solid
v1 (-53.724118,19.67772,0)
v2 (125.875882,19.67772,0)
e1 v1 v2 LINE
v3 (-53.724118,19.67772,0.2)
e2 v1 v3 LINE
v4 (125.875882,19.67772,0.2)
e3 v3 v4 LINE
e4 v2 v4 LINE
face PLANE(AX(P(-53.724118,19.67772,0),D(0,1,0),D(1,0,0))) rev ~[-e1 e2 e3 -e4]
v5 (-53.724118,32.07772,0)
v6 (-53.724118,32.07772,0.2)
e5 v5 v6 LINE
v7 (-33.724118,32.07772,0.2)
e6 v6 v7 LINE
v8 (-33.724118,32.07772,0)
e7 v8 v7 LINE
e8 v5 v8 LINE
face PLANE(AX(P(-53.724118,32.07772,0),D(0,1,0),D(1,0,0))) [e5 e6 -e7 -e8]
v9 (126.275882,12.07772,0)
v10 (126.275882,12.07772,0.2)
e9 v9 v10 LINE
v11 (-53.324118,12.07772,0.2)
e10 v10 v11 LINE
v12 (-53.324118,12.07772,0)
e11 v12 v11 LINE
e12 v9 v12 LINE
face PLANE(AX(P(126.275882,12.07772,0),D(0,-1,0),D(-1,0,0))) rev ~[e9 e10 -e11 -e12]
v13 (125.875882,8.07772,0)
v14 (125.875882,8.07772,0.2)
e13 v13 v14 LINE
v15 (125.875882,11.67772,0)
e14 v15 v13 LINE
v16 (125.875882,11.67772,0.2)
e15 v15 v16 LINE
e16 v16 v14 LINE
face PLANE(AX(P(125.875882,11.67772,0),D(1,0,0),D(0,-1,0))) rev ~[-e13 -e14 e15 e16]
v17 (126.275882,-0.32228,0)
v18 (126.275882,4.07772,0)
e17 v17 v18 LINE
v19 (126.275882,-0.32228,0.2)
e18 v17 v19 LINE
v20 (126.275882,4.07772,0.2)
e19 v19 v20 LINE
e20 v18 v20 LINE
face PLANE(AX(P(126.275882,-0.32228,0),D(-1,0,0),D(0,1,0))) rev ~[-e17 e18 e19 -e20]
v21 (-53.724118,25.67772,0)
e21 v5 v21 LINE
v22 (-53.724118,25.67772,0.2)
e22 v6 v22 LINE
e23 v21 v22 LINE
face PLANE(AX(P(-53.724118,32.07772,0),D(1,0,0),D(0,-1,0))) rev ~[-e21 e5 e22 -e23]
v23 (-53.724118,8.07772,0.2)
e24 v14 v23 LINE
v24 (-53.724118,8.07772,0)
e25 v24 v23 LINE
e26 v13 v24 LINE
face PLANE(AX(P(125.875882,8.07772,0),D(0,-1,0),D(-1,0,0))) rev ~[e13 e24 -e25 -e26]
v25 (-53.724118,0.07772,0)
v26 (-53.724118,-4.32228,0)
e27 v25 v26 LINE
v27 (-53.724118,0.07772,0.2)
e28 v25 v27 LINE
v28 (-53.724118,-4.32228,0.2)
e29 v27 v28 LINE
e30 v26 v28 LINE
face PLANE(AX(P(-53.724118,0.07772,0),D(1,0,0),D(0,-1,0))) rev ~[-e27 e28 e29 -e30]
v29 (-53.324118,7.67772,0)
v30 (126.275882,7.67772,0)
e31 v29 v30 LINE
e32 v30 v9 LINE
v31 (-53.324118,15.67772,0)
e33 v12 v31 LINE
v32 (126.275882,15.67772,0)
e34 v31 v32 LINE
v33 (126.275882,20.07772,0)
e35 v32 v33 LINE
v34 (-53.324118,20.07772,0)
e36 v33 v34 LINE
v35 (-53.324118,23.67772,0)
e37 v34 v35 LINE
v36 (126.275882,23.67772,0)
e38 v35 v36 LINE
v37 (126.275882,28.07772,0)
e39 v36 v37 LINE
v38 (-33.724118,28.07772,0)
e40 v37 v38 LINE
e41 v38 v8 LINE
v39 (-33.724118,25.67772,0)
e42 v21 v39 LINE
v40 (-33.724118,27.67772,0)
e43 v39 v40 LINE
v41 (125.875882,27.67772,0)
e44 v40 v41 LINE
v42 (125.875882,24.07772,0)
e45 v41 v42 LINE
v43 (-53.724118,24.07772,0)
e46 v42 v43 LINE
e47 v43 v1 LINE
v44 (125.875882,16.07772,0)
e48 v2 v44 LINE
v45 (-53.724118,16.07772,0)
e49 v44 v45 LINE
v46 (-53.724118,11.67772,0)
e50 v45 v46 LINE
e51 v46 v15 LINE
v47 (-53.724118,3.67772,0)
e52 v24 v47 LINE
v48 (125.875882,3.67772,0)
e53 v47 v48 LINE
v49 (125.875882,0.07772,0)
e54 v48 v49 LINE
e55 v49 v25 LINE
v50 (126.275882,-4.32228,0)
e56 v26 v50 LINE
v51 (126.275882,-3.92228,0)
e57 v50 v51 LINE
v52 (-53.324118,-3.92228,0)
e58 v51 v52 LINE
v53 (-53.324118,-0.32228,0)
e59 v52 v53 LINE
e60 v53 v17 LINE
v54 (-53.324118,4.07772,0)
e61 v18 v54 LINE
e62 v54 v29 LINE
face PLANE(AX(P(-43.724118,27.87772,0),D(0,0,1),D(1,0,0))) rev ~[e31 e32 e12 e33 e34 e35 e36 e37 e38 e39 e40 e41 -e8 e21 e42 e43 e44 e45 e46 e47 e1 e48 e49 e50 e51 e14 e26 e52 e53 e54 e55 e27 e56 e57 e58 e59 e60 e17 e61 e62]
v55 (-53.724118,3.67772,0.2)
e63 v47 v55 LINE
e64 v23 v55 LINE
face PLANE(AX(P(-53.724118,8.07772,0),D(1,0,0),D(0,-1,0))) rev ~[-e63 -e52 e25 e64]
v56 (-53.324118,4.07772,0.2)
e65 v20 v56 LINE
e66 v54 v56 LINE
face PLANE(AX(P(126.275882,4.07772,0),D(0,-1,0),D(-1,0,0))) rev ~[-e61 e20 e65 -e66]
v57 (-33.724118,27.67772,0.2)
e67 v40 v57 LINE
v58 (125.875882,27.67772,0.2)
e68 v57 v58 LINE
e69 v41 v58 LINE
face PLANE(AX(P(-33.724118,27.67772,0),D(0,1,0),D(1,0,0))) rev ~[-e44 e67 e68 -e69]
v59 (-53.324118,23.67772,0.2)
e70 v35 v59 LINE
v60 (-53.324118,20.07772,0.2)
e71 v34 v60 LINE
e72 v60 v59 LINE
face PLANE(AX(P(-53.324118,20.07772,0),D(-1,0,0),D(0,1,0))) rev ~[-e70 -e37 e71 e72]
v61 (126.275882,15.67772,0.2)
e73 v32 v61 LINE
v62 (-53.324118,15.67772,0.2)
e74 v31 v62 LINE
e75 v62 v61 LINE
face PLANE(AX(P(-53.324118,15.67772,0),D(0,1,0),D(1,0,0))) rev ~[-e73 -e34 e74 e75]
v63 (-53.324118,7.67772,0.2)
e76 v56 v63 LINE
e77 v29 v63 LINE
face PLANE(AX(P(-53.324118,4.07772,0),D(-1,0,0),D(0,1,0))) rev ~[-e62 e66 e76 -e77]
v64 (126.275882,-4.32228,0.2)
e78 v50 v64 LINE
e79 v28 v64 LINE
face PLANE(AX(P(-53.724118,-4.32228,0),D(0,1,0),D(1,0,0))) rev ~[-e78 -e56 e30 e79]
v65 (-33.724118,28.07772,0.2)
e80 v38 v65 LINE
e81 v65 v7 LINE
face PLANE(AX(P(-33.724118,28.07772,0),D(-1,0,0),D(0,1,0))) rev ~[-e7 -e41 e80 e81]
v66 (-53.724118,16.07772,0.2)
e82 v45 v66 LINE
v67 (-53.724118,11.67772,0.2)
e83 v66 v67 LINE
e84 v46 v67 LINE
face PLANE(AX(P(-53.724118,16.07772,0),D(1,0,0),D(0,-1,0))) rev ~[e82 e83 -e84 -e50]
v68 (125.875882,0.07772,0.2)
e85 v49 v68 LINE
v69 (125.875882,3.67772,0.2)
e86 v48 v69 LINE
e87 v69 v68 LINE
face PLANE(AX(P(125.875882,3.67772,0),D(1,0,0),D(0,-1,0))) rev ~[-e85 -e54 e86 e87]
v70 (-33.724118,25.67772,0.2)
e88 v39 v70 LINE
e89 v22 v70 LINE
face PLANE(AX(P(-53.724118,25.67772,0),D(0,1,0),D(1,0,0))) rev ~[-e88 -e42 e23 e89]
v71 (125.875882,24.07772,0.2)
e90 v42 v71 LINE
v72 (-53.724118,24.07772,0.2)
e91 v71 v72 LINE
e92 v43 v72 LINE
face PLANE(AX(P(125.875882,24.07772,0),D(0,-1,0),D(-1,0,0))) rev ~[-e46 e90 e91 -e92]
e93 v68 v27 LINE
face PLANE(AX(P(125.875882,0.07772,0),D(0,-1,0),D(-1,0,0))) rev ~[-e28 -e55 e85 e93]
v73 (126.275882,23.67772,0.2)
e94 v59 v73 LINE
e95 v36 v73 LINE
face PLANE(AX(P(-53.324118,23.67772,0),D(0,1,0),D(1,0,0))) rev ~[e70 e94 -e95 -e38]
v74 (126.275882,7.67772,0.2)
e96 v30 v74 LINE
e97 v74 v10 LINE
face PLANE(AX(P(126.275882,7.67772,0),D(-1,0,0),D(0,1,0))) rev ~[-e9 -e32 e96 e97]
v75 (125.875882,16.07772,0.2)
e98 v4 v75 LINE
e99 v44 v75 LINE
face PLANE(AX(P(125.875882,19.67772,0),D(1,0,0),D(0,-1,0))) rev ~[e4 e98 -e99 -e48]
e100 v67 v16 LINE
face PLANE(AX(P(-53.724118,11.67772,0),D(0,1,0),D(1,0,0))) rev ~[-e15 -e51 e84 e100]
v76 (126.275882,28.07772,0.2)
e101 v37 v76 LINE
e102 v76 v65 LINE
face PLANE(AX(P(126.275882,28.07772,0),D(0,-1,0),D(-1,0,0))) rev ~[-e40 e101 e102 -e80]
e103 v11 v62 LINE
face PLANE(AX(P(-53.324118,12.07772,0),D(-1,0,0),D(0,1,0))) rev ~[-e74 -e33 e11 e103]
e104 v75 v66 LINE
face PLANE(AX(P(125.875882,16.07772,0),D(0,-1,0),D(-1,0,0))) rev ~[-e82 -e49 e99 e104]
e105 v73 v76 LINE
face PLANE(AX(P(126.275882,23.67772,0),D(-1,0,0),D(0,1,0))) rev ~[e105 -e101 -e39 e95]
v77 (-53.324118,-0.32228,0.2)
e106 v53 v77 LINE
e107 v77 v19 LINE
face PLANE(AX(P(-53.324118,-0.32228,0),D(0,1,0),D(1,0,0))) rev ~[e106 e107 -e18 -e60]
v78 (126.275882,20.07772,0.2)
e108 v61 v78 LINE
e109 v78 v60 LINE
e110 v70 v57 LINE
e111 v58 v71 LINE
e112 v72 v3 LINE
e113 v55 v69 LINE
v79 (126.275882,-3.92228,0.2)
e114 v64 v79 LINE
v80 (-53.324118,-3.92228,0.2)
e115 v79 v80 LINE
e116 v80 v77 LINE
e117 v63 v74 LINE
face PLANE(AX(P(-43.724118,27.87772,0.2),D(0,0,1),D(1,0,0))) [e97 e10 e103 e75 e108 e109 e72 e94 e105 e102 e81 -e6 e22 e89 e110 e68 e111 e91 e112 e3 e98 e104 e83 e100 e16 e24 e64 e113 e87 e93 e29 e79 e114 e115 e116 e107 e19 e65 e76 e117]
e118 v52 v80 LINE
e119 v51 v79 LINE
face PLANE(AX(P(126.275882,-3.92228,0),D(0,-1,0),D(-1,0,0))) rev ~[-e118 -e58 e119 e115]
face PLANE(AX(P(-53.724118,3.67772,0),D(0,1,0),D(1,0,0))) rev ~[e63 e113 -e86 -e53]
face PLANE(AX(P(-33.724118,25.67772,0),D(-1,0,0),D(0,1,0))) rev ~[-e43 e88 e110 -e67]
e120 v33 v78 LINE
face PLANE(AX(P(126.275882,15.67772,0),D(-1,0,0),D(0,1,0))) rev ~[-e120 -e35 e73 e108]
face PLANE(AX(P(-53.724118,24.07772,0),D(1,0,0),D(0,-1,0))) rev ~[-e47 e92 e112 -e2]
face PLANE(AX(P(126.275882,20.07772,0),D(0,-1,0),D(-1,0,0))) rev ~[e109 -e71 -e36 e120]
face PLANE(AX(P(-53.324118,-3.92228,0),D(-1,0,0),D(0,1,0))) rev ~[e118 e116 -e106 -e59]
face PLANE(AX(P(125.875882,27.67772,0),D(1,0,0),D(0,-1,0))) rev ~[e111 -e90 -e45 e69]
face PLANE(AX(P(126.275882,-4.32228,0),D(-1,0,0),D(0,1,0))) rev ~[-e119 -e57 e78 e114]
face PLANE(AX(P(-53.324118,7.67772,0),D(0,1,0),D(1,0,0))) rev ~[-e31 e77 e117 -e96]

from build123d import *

# Parameters (mm, degrees)
F0_W     = 20
F0_H     = 0.4
F0_H_2   = 2
F0_H_3   = 4
F1_DEPTH = 0.2


with BuildPart() as f1:
    # F0 (on Top) → F1 (new body)
    with BuildSketch(Plane.XY):
        with Locations((-43.7241180241, 27.8777200698)):
            Rectangle(F0_W, F0_H)
        Polygon((-33.7241180241, 28.0777200698), (-33.7241180241, 27.6777200698), (125.8758819759, 27.6777200698), (125.8758819759, 24.0777200698), (-53.7241180241, 24.0777200698), (-53.7241180241, 19.6777200698), (125.8758819759, 19.6777200698), (125.8758819759, 16.0777200698), (-53.7241180241, 16.0777200698), (-53.7241180241, 11.6777200698), (125.8758819759, 11.6777200698), (125.8758819759, 8.0777200698), (-53.7241180241, 8.0777200698), (-53.7241180241, 3.6777200698), (125.8758819759, 3.6777200698), (125.8758819759, 0.0777200698), (-53.7241180241, 0.0777200698), (-53.7241180241, -4.3222799302), (126.2758819759, -4.3222799302), (126.2758819759, -3.9222799302), (-53.3241180241, -3.9222799302), (-53.3241180241, -0.3222799302), (126.2758819759, -0.3222799302), (126.2758819759, 4.0777200698), (-53.3241180241, 4.0777200698), (-53.3241180241, 7.6777200698), (126.2758819759, 7.6777200698), (126.2758819759, 12.0777200698), (-53.3241180241, 12.0777200698), (-53.3241180241, 15.6777200698), (126.2758819759, 15.6777200698), (126.2758819759, 20.0777200698), (-53.3241180241, 20.0777200698), (-53.3241180241, 23.6777200698), (126.2758819759, 23.6777200698), (126.2758819759, 28.0777200698), align=None)
        with Locations((-43.7241180241, 26.6777200698)):
            Rectangle(F0_W, F0_H_2)
        with Locations((-43.7241180241, 30.0777200698)):
            Rectangle(F0_W, F0_H_3)
    extrude(amount=F1_DEPTH)


solid = f1.part
